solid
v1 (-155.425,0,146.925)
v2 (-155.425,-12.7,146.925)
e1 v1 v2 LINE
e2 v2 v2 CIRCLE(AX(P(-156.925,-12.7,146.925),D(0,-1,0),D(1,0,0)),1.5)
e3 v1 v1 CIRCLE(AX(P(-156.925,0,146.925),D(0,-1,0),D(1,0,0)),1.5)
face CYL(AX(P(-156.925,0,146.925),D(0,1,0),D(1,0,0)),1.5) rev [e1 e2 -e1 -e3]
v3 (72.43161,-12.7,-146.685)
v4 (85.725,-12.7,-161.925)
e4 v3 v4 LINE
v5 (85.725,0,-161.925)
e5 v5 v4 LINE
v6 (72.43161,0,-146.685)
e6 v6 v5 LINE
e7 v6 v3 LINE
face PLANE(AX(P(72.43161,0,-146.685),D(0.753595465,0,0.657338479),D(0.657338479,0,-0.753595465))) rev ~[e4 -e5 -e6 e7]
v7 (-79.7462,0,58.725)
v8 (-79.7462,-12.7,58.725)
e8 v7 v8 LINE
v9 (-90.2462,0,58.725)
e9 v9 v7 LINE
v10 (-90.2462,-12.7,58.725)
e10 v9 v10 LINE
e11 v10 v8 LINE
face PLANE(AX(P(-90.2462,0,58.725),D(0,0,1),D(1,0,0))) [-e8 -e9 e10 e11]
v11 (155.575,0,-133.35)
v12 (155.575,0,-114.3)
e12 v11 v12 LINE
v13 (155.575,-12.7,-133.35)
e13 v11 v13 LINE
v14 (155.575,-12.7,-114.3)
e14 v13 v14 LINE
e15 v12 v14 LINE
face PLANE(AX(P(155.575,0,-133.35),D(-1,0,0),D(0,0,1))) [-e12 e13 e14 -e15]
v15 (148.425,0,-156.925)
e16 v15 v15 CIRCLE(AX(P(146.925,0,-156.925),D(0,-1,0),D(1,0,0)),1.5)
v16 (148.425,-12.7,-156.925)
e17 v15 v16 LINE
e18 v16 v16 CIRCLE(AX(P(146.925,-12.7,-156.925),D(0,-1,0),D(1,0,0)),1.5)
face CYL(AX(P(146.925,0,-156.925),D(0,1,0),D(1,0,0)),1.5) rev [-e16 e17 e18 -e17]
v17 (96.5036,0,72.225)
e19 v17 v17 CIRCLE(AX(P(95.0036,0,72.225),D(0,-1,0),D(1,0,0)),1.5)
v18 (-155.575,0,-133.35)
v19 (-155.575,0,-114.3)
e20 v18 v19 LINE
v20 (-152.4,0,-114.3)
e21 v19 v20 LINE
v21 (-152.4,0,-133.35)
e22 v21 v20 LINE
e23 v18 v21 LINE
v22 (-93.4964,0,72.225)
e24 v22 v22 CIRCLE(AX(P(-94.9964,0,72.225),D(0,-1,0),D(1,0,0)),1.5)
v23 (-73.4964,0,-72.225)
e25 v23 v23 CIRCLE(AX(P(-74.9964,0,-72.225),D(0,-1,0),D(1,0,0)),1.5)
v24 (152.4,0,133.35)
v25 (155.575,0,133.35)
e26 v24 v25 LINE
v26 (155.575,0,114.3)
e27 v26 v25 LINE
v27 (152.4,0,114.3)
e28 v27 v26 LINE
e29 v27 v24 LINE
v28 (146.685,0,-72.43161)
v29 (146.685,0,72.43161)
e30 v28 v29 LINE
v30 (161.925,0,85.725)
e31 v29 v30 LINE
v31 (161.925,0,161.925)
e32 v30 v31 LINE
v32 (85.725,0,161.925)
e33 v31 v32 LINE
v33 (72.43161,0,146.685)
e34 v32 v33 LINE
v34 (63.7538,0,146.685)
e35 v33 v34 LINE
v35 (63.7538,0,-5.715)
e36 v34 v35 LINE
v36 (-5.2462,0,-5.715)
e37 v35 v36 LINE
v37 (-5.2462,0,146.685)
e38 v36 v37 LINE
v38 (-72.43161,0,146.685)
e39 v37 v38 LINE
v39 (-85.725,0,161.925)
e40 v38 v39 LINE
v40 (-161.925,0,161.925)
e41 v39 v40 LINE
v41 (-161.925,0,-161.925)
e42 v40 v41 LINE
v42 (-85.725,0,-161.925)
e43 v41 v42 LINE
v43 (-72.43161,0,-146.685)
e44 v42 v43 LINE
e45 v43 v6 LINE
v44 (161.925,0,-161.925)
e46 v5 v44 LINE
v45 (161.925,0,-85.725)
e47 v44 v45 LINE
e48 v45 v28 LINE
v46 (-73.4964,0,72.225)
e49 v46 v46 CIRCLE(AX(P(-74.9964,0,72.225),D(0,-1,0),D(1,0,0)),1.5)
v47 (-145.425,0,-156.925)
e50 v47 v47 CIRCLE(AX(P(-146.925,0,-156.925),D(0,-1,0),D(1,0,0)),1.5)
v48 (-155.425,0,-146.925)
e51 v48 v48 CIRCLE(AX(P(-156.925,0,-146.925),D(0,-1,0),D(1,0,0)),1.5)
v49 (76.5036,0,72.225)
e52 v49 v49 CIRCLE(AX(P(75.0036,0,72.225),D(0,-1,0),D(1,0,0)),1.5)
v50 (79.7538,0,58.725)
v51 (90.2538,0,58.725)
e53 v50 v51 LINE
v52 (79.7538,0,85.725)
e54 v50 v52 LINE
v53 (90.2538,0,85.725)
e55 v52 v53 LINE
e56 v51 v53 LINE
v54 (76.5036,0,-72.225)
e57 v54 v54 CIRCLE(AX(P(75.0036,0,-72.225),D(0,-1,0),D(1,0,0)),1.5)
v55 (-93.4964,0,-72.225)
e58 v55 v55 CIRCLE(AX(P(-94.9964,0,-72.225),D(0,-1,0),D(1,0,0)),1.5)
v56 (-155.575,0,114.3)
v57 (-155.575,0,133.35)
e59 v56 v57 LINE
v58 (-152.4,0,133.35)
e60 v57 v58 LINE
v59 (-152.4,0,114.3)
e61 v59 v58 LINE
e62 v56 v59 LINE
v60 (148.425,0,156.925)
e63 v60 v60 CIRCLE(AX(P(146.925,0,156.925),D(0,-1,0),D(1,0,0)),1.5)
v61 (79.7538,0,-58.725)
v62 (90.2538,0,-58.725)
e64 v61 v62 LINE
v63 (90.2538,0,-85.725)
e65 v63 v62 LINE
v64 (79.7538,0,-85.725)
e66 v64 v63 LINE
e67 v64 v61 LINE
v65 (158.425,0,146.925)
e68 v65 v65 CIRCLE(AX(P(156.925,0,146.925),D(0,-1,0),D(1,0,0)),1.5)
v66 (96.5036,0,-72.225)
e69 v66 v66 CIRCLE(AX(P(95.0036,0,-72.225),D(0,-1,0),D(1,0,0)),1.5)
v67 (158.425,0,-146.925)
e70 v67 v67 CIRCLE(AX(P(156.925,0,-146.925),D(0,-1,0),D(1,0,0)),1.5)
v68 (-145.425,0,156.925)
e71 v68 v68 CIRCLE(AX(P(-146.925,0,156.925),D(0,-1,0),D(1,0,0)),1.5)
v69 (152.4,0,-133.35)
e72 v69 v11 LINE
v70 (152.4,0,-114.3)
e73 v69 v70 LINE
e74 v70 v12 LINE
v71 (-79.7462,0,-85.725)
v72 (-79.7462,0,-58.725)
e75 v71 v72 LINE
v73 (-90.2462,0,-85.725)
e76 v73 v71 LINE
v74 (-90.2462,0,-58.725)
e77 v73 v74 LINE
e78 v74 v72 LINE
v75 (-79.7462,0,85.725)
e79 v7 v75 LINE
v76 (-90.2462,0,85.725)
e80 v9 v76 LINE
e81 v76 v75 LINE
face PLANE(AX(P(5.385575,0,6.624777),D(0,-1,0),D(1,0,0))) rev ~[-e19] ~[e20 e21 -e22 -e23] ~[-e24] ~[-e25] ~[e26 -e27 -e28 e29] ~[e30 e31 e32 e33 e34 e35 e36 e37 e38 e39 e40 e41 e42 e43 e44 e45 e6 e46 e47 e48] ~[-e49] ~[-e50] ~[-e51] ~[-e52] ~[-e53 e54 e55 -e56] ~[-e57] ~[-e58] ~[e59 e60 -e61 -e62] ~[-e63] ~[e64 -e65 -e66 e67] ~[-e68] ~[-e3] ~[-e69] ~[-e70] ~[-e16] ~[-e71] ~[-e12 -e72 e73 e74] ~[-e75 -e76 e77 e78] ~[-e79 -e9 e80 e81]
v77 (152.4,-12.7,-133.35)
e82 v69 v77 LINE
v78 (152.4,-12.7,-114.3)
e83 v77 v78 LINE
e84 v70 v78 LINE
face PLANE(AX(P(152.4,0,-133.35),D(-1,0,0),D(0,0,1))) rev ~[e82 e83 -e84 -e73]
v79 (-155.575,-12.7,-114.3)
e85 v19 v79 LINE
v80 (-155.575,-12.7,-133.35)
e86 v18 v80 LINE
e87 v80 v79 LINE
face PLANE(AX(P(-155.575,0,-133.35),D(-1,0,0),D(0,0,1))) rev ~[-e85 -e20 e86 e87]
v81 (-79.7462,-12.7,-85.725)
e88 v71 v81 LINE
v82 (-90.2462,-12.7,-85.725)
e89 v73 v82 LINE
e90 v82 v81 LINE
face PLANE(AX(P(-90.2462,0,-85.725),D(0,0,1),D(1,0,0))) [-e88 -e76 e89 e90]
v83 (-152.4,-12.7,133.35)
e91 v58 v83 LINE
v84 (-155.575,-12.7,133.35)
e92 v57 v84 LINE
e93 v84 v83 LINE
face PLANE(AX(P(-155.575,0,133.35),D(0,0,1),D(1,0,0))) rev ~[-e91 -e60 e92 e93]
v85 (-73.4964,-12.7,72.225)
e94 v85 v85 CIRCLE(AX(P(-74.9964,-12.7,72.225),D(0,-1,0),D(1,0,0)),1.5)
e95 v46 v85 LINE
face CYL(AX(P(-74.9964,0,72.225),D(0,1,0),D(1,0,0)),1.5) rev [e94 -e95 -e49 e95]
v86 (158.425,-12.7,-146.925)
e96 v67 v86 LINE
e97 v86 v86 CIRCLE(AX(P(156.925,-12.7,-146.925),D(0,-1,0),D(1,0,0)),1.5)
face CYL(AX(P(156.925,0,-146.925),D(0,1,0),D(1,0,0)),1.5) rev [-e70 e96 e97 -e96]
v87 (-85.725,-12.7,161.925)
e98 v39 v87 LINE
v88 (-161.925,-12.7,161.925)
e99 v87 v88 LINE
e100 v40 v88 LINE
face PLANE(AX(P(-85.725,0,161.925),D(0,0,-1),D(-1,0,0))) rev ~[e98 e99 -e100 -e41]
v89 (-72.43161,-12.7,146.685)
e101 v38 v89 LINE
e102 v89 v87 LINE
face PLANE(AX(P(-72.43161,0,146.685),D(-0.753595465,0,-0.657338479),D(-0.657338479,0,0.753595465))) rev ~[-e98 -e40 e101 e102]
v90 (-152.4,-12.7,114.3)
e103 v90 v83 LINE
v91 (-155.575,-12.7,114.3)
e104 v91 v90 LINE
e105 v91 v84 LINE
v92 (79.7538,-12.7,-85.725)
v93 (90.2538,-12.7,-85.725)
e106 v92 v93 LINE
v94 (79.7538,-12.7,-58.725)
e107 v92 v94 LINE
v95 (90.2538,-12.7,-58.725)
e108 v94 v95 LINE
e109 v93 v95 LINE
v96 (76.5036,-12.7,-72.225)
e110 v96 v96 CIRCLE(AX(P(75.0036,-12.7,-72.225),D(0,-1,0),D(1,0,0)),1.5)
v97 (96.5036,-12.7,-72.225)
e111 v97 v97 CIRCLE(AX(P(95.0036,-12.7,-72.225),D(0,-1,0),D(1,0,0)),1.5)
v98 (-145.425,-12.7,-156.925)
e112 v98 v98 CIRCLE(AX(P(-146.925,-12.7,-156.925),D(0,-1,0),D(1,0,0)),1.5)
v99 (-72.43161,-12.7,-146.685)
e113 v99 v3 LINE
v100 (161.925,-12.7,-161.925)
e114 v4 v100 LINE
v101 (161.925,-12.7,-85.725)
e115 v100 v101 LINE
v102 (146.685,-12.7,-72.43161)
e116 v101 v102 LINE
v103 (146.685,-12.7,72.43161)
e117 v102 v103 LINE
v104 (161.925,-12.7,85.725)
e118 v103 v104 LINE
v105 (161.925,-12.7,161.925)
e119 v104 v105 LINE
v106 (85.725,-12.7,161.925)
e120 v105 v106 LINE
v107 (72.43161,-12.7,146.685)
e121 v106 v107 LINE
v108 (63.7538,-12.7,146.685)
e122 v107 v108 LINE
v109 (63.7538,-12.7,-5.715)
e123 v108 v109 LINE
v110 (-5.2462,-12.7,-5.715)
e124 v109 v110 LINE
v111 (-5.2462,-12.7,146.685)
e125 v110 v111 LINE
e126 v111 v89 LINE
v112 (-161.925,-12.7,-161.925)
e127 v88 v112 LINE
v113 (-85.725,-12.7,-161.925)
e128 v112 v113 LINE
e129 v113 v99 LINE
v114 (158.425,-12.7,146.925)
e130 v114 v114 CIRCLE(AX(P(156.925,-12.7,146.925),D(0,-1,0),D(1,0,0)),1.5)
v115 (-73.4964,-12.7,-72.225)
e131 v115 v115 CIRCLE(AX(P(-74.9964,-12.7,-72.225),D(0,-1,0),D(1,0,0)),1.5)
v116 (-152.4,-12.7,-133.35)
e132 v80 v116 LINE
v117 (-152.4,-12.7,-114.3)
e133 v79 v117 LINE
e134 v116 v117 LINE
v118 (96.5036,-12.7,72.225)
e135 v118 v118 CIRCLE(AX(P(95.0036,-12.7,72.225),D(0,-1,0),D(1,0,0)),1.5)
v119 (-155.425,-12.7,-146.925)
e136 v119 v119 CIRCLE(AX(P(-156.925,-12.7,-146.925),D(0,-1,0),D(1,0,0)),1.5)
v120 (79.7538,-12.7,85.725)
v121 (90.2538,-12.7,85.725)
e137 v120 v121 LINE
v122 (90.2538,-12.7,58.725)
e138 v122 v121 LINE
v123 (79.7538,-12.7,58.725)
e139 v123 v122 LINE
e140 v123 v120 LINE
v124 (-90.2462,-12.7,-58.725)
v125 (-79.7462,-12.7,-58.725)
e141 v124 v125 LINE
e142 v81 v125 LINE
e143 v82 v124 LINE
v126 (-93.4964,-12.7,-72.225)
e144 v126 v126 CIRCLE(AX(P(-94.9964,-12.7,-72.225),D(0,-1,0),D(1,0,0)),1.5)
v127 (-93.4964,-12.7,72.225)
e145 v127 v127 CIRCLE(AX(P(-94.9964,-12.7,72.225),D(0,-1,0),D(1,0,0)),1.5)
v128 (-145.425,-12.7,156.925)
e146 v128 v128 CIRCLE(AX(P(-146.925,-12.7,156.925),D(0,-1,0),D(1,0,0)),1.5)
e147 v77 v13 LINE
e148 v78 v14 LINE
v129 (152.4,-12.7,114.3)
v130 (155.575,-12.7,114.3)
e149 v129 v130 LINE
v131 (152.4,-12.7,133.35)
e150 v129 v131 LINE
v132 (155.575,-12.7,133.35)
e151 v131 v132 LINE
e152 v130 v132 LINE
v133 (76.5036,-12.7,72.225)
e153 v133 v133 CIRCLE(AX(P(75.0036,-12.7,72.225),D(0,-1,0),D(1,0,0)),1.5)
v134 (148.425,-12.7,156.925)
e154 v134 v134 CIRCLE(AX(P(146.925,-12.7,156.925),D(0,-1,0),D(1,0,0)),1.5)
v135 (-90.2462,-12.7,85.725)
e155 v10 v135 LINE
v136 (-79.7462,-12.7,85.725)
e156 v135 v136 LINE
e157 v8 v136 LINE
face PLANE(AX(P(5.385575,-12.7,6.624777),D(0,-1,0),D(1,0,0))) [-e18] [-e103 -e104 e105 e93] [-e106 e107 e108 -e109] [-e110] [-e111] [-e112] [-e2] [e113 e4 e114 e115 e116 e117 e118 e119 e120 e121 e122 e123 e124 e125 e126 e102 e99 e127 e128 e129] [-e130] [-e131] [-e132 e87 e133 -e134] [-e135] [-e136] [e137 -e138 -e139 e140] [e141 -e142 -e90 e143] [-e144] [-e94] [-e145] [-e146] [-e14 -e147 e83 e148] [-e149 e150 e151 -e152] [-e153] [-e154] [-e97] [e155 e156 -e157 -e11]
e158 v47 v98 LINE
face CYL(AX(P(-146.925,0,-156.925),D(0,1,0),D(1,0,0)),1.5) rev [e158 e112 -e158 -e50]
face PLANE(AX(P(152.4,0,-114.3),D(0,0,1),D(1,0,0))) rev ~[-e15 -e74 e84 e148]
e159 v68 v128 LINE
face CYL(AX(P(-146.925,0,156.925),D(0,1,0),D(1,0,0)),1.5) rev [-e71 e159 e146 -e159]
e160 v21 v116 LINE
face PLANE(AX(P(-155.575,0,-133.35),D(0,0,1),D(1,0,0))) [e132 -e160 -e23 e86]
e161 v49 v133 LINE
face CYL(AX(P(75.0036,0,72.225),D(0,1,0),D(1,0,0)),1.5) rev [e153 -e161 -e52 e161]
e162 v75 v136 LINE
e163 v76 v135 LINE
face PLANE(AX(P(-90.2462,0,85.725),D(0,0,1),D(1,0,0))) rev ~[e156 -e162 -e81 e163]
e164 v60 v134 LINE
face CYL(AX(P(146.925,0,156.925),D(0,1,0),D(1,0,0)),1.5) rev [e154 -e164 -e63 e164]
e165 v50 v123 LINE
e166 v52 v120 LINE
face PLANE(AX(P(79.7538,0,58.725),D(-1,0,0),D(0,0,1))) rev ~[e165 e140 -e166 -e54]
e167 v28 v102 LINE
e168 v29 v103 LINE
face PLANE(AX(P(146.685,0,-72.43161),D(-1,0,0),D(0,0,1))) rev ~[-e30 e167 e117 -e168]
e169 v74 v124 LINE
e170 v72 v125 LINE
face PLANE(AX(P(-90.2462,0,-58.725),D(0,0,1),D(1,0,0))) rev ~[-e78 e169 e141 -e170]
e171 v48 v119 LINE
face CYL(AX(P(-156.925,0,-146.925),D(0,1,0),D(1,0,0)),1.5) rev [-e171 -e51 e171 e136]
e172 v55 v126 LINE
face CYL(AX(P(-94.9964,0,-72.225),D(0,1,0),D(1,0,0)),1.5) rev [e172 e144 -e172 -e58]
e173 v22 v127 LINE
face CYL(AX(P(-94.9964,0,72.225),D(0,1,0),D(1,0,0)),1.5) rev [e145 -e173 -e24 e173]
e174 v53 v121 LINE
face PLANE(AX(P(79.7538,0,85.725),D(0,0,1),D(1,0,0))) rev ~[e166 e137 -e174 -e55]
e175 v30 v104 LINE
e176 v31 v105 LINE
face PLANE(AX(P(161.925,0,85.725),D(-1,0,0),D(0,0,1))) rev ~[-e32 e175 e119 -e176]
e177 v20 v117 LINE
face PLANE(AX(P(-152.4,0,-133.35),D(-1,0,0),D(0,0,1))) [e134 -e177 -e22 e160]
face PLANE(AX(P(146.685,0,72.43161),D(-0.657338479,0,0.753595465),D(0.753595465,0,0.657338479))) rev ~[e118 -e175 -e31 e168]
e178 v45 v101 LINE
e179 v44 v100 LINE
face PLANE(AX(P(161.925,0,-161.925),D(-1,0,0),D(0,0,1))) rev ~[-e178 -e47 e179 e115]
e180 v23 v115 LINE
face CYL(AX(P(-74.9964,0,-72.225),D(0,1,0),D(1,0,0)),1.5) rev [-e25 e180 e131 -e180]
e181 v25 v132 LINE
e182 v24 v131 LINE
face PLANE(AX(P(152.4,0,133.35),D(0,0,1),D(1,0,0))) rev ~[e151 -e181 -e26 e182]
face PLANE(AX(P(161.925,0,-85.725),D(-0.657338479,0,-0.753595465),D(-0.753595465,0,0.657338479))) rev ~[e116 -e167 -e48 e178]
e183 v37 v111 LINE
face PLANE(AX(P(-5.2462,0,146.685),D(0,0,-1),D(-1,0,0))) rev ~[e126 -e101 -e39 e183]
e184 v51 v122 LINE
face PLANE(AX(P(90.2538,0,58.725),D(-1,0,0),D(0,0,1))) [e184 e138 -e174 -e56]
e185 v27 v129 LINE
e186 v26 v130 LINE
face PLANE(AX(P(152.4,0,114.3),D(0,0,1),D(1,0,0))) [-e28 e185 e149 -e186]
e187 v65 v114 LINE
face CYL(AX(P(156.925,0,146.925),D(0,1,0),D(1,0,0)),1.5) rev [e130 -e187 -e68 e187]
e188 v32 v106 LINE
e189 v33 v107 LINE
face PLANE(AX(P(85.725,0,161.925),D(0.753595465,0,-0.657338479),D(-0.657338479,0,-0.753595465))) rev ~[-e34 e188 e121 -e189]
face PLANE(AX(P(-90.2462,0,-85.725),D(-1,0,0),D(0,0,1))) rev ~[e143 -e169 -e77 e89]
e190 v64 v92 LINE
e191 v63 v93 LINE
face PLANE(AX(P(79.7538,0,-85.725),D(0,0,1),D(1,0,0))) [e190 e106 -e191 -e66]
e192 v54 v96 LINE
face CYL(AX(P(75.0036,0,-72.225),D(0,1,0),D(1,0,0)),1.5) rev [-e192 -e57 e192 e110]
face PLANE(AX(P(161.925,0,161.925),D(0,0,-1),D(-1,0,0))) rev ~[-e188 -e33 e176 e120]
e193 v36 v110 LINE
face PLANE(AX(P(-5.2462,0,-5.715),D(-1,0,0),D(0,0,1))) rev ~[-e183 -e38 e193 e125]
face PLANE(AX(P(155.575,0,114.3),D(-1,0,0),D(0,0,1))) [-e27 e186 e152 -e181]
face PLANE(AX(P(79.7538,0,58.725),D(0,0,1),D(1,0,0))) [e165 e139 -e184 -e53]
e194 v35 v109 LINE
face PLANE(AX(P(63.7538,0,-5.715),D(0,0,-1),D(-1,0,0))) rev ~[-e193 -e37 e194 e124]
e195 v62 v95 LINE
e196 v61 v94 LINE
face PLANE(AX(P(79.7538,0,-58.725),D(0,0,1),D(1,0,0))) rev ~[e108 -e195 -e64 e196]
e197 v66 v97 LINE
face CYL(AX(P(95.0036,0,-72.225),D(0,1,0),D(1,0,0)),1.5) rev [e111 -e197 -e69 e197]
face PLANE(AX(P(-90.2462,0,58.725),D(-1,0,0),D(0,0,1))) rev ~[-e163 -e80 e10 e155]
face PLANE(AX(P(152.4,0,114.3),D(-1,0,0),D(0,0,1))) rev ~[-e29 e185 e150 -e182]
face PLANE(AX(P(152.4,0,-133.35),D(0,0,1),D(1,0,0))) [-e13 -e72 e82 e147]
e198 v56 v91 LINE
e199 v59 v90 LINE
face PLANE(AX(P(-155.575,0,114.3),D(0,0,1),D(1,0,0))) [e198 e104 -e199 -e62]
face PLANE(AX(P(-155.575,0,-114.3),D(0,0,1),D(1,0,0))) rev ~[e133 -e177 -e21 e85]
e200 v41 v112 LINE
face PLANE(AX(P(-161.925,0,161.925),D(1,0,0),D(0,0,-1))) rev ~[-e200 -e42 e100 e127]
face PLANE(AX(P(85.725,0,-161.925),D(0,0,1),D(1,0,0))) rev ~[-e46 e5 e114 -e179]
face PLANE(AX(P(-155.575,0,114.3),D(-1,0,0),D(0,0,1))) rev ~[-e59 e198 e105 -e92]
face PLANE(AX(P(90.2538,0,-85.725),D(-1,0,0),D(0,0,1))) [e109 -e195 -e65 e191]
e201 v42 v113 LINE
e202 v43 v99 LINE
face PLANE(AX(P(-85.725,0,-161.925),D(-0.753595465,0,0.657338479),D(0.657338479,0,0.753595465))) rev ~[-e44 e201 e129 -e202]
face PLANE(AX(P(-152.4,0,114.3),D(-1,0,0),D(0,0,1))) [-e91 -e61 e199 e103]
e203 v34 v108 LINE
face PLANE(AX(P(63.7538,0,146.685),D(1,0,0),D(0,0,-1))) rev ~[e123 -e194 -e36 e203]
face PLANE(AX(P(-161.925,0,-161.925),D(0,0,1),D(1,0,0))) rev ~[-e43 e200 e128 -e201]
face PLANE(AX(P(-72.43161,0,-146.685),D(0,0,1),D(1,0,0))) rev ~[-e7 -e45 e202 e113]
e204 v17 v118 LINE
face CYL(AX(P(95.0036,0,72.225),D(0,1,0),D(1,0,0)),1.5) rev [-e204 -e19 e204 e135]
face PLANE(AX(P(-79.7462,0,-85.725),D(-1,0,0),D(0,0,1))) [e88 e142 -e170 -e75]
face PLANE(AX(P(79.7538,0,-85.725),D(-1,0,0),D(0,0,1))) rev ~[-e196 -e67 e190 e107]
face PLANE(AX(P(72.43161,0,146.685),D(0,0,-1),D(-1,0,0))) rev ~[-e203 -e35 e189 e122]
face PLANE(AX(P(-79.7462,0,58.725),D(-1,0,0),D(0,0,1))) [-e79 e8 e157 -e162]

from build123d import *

# Parameters (mm, degrees)
F0_R     = 1.5
F0_W     = 3.175
F0_H     = 19.05
F0_W_2   = 10.5
F0_H_2   = 27
F1_DEPTH = 12.7


with BuildPart() as f1:
    # F0 (on Front) → F1 (new body)
    with BuildSketch(Plane.XZ):
        Polygon((-85.725, 161.925), (-161.925, 161.925), (-161.925, 85.725), (-146.685, 72.43161), (-146.685, -72.43161), (-161.925, -85.725), (-161.925, -161.925), (-85.725, -161.925), (-72.43161, -146.685), (72.43161, -146.685), (85.725, -161.925), (161.925, -161.925), (161.925, -85.725), (146.685, -72.43161), (146.685, 72.43161), (161.925, 85.725), (161.925, 161.925), (85.725, 161.925), (72.43161, 146.685), (63.7538, 146.685), (63.7538, -5.715), (-5.2462, -5.715), (-5.2462, 146.685), (-72.43161, 146.685), align=None)
        with Locations((-146.925, -156.925)):
            Circle(F0_R, mode=Mode.SUBTRACT)
        with Locations((-156.925, -146.925)):
            Circle(F0_R, mode=Mode.SUBTRACT)
        with Locations((-153.9875, -123.825)):
            Rectangle(F0_W, F0_H, mode=Mode.SUBTRACT)
        with Locations((-94.9964, -72.225)):
            Circle(F0_R, mode=Mode.SUBTRACT)
        with Locations((-84.9962, -72.225)):
            Rectangle(F0_W_2, F0_H_2, mode=Mode.SUBTRACT)
        with Locations((-74.9964, -72.225)):
            Circle(F0_R, mode=Mode.SUBTRACT)
        with Locations((146.925, -156.925)):
            Circle(F0_R, mode=Mode.SUBTRACT)
        with Locations((156.925, -146.925)):
            Circle(F0_R, mode=Mode.SUBTRACT)
        with Locations((153.9875, -123.825)):
            Rectangle(F0_W, F0_H, mode=Mode.SUBTRACT)
        with Locations((75.0036, -72.225)):
            Circle(F0_R, mode=Mode.SUBTRACT)
        with Locations((85.0038, -72.225)):
            Rectangle(F0_W_2, F0_H_2, mode=Mode.SUBTRACT)
        with Locations((95.0036, -72.225)):
            Circle(F0_R, mode=Mode.SUBTRACT)
        with Locations((-94.9964, 72.225)):
            Circle(F0_R, mode=Mode.SUBTRACT)
        with Locations((-84.9962, 72.225)):
            Rectangle(F0_W_2, F0_H_2, mode=Mode.SUBTRACT)
        with Locations((-74.9964, 72.225)):
            Circle(F0_R, mode=Mode.SUBTRACT)
        with Locations((-153.9875, 123.825)):
            Rectangle(F0_W, F0_H, mode=Mode.SUBTRACT)
        with Locations((-156.925, 146.925)):
            Circle(F0_R, mode=Mode.SUBTRACT)
        with Locations((-146.925, 156.925)):
            Circle(F0_R, mode=Mode.SUBTRACT)
        with Locations((75.0036, 72.225)):
            Circle(F0_R, mode=Mode.SUBTRACT)
        with Locations((85.0038, 72.225)):
            Rectangle(F0_W_2, F0_H_2, mode=Mode.SUBTRACT)
        with Locations((95.0036, 72.225)):
            Circle(F0_R, mode=Mode.SUBTRACT)
        with Locations((153.9875, 123.825)):
            Rectangle(F0_W, F0_H, mode=Mode.SUBTRACT)
        with Locations((156.925, 146.925)):
            Circle(F0_R, mode=Mode.SUBTRACT)
        with Locations((146.925, 156.925)):
            Circle(F0_R, mode=Mode.SUBTRACT)
        Polygon((-146.685, 72.43161), (-161.925, 85.725), (-161.925, -85.725), (-146.685, -72.43161), align=None)
    extrude(amount=F1_DEPTH)


solid = f1.part
